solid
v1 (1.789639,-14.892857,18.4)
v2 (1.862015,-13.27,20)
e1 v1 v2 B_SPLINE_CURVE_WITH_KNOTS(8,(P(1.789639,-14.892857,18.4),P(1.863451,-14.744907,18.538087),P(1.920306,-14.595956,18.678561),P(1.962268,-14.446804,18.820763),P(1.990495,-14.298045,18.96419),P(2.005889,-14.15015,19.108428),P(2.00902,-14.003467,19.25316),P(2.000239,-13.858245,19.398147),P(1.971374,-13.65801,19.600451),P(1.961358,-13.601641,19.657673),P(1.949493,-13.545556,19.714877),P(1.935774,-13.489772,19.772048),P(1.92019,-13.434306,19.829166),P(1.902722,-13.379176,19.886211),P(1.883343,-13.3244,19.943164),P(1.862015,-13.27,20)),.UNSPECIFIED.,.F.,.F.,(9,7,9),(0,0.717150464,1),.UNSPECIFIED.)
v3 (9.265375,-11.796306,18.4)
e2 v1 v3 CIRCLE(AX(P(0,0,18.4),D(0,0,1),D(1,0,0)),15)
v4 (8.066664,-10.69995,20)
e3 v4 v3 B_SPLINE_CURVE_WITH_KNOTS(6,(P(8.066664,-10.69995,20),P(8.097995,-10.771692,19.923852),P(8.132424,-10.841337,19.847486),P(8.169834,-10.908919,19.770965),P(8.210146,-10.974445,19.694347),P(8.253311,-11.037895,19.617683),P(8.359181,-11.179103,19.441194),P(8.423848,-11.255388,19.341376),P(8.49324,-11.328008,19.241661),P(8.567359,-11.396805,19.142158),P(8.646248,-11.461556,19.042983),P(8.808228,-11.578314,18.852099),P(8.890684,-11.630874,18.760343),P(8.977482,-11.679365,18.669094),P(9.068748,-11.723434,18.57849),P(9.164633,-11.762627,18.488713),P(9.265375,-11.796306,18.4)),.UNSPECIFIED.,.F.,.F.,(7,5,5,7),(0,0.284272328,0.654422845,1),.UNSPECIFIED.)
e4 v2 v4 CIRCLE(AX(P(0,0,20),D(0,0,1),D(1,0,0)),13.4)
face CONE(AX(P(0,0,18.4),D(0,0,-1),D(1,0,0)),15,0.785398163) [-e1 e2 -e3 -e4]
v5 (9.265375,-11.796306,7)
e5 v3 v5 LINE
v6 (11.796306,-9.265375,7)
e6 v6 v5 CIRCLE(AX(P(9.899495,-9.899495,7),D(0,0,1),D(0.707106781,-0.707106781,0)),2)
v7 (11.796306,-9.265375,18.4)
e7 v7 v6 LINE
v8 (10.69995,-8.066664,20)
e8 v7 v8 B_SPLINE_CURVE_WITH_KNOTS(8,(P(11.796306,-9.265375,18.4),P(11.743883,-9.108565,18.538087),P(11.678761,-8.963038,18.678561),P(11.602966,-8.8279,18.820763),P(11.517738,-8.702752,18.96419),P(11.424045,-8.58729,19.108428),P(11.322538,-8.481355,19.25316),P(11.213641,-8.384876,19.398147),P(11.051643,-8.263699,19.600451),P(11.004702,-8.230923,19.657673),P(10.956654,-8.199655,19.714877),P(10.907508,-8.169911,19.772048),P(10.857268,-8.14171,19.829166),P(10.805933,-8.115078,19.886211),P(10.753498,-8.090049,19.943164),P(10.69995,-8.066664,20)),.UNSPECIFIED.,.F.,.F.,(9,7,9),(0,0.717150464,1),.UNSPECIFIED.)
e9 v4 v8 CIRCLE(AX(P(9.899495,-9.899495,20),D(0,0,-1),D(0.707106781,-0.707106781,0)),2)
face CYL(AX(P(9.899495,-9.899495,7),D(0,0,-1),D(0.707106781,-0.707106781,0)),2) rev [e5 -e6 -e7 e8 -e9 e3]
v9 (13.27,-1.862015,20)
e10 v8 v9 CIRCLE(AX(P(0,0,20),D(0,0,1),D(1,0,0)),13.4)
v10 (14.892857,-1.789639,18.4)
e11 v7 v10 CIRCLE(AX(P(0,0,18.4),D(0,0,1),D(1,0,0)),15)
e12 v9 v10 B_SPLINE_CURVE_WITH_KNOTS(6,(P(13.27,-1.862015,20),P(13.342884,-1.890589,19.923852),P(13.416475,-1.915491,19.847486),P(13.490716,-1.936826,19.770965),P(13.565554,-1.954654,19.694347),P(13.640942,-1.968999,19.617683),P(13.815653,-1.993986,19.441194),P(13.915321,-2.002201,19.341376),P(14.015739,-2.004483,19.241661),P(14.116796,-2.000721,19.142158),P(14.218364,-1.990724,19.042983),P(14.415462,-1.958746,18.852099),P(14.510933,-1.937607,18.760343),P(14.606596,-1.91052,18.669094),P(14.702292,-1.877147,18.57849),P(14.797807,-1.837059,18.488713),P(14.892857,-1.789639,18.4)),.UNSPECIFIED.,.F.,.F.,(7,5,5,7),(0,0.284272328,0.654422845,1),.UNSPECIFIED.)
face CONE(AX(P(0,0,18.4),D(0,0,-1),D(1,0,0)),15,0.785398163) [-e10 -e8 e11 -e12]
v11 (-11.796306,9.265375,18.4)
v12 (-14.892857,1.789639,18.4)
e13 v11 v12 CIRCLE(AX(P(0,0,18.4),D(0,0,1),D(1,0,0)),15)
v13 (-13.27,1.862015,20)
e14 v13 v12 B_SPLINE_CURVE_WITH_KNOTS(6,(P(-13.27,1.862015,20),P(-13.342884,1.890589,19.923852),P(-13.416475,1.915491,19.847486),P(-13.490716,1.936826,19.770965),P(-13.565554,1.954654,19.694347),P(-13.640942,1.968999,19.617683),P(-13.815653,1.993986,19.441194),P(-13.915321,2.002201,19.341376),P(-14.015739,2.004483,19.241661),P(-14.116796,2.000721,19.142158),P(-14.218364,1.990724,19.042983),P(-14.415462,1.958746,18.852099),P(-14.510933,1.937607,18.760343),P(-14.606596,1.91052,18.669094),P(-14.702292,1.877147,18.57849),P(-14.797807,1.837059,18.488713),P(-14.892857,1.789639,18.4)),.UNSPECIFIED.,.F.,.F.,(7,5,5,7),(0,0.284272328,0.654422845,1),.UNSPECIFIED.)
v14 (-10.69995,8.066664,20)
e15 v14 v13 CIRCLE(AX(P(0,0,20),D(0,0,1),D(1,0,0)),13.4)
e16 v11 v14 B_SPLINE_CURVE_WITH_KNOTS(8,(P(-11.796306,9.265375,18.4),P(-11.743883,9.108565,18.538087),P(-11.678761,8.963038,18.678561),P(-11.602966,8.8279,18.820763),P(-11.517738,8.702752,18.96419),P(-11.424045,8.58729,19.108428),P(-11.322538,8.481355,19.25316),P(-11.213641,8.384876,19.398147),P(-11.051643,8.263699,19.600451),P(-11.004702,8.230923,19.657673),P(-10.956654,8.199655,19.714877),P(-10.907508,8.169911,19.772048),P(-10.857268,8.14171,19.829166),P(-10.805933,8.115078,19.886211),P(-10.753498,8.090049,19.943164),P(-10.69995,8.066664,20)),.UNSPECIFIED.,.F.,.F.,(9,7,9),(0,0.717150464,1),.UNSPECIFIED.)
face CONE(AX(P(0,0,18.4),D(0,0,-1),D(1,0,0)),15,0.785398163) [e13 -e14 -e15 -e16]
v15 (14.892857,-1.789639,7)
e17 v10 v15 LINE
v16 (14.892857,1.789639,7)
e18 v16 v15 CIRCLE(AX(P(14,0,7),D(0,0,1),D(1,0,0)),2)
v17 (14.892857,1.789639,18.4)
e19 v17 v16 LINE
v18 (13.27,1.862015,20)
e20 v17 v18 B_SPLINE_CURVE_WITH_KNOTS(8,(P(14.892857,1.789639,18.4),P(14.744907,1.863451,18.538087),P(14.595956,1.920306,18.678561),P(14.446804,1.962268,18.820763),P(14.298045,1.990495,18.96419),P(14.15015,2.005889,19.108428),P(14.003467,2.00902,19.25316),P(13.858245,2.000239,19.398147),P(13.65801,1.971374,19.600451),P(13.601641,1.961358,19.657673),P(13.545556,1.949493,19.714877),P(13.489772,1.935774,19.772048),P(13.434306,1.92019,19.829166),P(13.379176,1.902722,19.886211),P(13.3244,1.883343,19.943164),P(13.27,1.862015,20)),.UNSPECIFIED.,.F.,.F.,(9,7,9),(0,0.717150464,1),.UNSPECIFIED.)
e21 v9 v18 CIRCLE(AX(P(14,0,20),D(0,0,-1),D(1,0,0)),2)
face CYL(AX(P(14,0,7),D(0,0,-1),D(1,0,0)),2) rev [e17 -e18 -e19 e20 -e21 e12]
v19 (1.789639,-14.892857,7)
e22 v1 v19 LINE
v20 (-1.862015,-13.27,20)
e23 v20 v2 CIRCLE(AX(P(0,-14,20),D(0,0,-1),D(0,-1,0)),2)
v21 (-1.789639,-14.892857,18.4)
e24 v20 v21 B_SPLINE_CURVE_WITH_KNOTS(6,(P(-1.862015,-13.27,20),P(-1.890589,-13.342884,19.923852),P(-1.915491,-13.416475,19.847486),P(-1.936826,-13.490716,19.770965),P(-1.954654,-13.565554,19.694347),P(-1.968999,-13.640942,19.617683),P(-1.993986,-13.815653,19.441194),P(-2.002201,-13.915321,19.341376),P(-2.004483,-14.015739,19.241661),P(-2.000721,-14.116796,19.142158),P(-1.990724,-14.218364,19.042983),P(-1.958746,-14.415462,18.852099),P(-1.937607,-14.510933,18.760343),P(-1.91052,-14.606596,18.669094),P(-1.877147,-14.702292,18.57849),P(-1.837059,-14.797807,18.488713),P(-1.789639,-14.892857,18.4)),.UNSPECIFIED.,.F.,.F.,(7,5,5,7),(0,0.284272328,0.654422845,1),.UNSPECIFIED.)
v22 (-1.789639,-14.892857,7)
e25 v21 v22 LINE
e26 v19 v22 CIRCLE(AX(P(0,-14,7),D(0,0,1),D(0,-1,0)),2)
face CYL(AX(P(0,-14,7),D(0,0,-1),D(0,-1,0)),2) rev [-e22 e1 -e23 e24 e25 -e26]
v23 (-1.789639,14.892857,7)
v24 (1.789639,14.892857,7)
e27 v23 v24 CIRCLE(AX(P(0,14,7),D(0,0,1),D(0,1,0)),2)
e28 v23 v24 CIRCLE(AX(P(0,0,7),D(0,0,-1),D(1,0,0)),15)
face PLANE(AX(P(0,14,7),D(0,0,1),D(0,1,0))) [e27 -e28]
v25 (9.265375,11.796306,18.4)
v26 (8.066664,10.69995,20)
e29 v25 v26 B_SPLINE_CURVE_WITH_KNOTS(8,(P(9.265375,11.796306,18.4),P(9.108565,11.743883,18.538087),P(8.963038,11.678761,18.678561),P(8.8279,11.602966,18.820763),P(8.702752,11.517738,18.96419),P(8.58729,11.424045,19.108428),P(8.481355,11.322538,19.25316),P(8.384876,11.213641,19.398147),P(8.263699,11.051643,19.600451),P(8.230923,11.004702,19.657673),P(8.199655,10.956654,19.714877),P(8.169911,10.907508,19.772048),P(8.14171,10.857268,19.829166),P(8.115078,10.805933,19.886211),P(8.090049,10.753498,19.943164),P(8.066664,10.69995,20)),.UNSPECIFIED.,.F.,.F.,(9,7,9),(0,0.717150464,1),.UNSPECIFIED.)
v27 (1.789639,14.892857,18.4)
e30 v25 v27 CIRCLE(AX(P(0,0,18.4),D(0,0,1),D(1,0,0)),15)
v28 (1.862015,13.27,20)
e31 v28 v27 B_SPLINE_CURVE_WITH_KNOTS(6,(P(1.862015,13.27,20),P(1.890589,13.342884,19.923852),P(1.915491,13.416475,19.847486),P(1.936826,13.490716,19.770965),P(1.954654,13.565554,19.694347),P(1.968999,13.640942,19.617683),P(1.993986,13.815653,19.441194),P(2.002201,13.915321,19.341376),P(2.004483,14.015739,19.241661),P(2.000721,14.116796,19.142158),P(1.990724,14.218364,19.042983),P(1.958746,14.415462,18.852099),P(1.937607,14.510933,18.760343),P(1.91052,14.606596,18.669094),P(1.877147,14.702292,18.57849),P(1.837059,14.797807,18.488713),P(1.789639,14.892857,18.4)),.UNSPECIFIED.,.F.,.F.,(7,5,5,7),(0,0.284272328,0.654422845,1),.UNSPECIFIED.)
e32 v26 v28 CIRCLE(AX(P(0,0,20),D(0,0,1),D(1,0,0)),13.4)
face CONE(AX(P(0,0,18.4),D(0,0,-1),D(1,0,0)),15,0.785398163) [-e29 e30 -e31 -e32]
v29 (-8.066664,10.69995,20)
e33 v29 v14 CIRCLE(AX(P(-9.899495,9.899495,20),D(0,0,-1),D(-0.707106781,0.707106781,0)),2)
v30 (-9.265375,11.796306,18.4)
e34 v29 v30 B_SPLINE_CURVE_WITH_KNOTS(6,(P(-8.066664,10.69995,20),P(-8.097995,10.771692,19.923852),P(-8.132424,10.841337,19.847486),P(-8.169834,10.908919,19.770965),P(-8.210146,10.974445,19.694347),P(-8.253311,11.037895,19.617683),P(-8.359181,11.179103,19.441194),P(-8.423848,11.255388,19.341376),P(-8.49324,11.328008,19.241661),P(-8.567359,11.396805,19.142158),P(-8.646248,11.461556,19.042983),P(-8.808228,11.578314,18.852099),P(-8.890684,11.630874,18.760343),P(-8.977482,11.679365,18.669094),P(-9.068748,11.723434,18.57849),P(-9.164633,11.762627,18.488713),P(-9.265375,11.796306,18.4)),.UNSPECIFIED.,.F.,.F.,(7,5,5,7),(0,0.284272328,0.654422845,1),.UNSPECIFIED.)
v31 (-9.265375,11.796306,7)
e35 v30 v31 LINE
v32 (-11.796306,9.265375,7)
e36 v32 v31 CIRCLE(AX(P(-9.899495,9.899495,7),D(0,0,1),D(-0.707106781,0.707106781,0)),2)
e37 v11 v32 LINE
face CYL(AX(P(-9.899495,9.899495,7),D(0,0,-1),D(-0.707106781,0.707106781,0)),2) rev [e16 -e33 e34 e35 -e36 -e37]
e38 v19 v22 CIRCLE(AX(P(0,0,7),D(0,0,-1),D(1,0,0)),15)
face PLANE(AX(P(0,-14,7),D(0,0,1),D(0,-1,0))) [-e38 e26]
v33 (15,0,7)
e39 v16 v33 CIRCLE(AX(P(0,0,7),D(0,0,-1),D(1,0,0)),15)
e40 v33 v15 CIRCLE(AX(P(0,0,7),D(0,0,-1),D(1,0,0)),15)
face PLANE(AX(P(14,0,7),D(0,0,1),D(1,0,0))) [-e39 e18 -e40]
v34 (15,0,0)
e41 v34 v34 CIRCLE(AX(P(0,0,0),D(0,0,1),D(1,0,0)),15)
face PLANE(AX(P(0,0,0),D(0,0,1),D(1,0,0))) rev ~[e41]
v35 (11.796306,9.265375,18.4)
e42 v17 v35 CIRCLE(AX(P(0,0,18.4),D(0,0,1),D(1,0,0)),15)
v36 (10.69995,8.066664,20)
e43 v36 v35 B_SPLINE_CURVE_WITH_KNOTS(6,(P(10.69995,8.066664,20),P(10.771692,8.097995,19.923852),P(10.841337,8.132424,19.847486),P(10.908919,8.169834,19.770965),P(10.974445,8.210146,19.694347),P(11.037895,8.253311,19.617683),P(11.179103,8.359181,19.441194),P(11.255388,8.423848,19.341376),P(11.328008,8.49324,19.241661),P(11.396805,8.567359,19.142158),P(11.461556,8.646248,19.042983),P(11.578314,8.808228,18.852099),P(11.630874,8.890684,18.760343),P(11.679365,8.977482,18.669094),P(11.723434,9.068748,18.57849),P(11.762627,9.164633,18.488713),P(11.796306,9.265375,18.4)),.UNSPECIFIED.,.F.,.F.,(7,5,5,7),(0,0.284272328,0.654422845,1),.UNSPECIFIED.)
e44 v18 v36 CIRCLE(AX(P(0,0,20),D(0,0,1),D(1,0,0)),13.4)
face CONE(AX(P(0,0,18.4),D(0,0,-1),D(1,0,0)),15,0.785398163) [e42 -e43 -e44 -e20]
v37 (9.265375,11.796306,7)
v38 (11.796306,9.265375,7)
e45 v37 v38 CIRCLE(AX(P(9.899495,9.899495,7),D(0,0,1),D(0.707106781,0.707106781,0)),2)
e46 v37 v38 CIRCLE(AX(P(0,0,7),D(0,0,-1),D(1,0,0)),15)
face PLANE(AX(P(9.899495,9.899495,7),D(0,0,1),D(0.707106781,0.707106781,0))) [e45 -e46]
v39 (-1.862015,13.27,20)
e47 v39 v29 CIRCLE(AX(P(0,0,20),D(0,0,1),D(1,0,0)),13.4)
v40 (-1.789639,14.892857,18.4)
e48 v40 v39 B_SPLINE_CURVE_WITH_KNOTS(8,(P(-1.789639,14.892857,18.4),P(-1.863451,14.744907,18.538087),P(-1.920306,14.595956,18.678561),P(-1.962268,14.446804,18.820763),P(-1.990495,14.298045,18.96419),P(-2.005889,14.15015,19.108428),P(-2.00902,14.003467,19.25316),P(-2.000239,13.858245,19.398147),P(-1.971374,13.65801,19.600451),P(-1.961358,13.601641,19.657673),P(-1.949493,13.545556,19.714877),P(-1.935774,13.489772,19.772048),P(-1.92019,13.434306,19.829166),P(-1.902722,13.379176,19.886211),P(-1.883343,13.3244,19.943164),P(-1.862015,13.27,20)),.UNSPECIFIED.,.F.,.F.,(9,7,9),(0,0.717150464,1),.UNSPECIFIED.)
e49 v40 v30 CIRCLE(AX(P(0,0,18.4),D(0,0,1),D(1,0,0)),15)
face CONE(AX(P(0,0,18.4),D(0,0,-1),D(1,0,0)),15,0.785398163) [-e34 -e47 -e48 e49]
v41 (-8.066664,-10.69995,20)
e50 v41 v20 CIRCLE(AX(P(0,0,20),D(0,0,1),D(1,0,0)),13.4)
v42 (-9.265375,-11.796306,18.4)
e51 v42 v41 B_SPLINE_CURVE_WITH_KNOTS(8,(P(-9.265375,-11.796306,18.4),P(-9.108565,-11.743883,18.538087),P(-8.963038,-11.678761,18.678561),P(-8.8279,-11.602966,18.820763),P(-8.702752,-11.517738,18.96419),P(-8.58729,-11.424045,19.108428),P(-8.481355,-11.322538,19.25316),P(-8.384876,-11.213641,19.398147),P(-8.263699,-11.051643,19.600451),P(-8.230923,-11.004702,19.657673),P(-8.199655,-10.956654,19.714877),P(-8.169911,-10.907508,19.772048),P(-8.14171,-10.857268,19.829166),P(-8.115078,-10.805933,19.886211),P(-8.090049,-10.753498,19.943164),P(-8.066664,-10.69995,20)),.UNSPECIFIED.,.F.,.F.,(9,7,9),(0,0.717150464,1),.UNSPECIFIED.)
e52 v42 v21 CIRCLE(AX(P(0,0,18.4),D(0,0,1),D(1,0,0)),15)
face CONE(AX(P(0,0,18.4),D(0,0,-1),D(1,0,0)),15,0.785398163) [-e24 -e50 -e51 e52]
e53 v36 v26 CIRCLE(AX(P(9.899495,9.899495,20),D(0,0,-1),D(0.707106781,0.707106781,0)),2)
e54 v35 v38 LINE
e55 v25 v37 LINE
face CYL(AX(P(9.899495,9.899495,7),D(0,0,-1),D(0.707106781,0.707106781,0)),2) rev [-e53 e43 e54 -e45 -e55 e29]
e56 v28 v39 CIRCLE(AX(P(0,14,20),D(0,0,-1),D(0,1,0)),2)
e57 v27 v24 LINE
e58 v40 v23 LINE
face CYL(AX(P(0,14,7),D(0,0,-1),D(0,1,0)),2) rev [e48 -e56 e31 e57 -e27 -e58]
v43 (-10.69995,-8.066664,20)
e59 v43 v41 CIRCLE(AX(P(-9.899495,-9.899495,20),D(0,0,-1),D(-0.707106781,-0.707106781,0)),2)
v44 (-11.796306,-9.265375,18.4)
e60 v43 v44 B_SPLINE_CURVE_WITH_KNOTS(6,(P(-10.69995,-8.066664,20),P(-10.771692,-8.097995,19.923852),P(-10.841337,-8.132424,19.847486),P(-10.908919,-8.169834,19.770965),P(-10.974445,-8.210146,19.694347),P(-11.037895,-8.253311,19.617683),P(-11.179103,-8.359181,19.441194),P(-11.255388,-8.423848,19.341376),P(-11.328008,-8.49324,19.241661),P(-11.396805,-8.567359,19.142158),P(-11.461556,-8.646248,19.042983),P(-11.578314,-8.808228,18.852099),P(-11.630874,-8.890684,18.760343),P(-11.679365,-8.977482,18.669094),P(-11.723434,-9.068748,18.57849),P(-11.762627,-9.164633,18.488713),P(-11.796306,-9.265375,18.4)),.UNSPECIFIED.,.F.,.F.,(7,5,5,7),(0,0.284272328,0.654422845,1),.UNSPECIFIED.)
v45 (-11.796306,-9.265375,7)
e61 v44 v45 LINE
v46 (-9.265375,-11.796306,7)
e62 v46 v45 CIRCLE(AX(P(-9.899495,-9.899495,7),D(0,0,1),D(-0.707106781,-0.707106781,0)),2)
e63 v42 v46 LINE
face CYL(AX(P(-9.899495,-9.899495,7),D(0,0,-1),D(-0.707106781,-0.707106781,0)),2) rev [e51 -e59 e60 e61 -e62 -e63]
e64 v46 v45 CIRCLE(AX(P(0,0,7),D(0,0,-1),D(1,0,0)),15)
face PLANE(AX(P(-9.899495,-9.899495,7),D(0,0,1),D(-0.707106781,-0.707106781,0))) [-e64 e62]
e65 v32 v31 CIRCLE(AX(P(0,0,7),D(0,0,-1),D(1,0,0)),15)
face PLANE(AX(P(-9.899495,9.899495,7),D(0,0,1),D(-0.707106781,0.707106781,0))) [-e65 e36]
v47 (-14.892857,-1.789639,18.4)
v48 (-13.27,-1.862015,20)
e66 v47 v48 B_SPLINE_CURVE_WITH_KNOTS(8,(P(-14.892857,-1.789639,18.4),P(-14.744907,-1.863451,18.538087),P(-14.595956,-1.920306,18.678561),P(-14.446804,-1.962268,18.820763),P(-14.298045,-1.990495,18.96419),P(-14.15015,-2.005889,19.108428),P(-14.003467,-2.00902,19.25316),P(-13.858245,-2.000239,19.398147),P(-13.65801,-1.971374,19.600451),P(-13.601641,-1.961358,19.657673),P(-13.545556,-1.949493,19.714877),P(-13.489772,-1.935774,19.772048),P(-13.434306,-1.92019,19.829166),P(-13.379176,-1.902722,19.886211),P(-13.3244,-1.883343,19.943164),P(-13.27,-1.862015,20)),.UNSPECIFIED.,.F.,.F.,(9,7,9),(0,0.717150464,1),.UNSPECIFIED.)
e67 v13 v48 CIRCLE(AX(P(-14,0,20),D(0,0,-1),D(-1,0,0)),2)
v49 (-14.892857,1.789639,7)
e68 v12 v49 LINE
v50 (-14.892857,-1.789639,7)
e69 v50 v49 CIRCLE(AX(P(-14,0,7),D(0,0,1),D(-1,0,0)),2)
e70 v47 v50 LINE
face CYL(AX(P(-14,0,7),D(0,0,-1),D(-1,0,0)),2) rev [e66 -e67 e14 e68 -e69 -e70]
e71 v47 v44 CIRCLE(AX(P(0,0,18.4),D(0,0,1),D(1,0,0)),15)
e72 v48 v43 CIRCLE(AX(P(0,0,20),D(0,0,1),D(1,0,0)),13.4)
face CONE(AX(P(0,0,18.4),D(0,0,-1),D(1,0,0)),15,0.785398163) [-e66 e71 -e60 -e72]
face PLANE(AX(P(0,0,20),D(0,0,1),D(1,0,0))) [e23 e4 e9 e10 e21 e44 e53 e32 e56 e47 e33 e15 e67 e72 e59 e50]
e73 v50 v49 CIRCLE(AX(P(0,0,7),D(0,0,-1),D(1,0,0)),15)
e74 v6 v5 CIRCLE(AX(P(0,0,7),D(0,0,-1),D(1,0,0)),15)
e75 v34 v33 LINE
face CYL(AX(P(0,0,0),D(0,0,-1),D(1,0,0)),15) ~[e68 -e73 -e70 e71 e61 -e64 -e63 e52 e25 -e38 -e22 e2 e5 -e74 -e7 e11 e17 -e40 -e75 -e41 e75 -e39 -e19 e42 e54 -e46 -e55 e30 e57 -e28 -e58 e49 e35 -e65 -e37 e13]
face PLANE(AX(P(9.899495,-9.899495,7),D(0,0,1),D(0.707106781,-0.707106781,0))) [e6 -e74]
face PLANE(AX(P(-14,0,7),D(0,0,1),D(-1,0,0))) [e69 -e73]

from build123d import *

# Parameters (mm, degrees)
CYLINDER001_R     = 2
CYLINDER001_DEPTH = 30
ARRAY_COUNT       = 8
CYLINDER_R        = 15
CYLINDER_DEPTH    = 20
CHAMFER_SIZE      = 1.6


with BuildPart() as array:
    # Cylinder001 → Cylinder001 (new body)
    with BuildSketch(Plane(origin=(14, 0, 0), x_dir=(1, 0, 0), z_dir=(0, 0, 1))):
        Circle(CYLINDER001_R)
    extrude(amount=CYLINDER001_DEPTH)

    # Array: Array ×8 about axis
    array_axis = Axis((0, 0, 0), (0, 0, 1))


with BuildPart() as array_1:
    add(array.part)
    for i in range(1, ARRAY_COUNT):
        add(array.part.rotate(array_axis, i * 360 / ARRAY_COUNT))


with BuildPart() as array_2:
    # Array placement: moved
    add(array_1.part.moved(Location((0, 0, 7))))


with BuildPart() as cut:
    # Cylinder → Cylinder (new body)
    with BuildSketch(Plane.XY):
        Circle(CYLINDER_R)
    extrude(amount=CYLINDER_DEPTH)

    # Chamfer
    chamfer_edges = [cut.edges().sort_by_distance(p)[0] for p in [
        (-15, 0, 20),
    ]]
    chamfer(chamfer_edges, length=CHAMFER_SIZE)

    # Cut: cut Array
    add(array_2.part, mode=Mode.SUBTRACT)


solid = cut.part
